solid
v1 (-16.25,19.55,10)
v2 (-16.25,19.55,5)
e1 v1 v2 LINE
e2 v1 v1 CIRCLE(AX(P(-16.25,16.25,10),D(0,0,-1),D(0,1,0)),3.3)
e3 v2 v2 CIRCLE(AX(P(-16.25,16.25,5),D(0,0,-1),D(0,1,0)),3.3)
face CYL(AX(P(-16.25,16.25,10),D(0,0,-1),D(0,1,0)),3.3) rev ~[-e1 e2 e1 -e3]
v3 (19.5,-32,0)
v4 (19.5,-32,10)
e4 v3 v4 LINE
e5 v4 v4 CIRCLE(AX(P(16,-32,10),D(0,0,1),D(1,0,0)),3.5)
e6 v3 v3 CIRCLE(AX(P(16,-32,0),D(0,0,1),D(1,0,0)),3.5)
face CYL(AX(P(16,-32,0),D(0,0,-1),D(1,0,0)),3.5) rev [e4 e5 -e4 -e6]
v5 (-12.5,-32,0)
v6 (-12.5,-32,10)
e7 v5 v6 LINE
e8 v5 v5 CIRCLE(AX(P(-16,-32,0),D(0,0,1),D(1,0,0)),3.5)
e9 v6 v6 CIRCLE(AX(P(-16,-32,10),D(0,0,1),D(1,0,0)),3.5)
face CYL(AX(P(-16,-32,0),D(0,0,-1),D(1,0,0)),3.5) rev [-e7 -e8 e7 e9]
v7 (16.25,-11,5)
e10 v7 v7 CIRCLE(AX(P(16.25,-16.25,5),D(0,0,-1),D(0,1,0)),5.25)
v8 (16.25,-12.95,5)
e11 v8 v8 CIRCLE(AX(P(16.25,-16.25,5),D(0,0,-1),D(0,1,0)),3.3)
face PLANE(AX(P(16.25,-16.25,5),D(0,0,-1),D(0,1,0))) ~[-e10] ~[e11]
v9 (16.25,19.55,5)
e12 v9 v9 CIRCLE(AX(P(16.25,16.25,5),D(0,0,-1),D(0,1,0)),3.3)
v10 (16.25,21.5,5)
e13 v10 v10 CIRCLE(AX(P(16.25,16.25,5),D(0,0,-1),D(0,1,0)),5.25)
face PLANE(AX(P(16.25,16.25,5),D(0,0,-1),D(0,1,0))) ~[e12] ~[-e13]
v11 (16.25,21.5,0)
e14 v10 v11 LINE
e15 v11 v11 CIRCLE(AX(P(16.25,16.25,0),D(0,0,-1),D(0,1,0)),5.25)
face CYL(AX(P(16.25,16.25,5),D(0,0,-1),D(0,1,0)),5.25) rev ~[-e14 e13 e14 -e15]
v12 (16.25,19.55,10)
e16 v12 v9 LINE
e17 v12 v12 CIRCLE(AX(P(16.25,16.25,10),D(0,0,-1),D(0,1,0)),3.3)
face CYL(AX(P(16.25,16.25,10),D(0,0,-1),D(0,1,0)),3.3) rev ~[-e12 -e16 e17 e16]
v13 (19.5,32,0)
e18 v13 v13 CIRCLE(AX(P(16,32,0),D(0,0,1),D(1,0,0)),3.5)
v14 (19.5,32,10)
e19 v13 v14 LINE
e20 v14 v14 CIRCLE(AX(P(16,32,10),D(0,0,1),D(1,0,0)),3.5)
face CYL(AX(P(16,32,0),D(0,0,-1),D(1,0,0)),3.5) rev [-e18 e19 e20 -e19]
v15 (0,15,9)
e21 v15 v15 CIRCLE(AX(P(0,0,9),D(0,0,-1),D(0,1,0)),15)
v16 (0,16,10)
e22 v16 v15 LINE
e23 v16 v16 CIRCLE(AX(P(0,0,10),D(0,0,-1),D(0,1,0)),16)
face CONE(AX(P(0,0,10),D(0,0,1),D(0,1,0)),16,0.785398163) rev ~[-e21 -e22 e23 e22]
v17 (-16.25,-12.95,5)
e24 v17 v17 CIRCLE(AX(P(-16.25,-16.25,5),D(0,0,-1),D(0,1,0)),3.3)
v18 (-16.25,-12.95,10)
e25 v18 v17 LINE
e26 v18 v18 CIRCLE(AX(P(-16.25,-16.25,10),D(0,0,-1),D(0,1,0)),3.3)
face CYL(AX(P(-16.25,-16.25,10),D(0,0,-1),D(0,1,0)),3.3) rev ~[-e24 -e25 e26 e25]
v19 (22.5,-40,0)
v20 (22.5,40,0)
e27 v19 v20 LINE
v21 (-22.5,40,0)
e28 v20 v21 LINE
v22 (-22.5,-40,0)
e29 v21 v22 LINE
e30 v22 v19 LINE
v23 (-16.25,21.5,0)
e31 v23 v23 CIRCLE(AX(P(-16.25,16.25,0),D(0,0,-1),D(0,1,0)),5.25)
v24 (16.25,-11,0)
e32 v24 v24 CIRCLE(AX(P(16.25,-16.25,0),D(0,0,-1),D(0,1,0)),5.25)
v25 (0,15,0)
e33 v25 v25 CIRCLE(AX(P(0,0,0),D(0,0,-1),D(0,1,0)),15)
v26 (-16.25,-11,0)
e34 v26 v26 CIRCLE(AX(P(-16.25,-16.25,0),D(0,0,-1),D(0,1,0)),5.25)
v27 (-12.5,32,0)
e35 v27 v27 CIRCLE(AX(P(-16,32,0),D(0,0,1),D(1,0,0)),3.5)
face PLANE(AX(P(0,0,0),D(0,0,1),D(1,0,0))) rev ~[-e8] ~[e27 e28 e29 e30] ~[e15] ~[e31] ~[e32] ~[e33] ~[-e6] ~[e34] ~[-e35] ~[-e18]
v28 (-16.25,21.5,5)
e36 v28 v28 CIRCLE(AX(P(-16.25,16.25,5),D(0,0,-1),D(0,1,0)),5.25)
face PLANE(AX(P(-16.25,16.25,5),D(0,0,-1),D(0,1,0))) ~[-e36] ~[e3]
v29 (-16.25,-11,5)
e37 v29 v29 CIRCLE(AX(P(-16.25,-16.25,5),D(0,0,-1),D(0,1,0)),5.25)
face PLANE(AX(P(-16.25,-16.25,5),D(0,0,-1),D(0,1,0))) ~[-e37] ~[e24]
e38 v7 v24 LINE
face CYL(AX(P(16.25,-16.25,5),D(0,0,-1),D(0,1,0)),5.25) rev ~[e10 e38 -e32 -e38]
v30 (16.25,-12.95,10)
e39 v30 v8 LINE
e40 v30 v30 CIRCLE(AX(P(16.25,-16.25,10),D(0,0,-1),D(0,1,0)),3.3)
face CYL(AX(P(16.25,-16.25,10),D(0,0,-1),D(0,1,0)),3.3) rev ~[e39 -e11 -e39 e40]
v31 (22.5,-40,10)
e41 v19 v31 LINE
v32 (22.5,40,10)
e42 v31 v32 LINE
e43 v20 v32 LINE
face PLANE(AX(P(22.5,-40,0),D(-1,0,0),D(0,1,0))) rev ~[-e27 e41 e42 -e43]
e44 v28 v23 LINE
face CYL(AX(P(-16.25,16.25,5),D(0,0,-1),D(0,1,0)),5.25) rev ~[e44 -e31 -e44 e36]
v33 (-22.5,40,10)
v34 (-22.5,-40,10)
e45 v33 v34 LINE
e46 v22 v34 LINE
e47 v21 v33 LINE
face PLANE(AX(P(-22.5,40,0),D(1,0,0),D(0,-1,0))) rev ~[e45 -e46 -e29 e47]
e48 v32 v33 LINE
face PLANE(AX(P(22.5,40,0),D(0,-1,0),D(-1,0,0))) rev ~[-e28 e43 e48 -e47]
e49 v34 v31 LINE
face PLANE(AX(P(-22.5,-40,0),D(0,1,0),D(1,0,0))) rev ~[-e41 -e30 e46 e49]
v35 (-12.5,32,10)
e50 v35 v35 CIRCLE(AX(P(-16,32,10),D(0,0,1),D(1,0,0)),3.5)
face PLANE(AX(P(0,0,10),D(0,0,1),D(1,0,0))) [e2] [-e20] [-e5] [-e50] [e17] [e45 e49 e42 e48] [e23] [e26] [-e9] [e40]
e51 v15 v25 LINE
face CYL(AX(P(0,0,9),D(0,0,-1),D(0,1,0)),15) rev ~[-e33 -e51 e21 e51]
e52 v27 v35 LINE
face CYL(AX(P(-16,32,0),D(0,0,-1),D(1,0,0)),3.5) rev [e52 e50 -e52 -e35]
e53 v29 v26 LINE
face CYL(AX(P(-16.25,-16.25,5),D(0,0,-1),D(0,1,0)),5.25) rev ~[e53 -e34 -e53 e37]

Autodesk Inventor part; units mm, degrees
sketch "Skizze_1" plane through (0, 0, 0) normal (0, 0, 1) x (1, 0, 0)
  line L0 (-22.5, 40) -> (-22.5, -40)
  line L1 (-22.5, -40) -> (22.5, -40)
  line L2 (22.5, -40) -> (22.5, 40)
  line L3 (22.5, 40) -> (-22.5, 40)
  circle A0 centre (16, 32) radius 3.5
  circle A1 centre (16, -32) radius 3.5
  circle A2 centre (-16, 32) radius 3.5
  circle A3 centre (-16, -32) radius 3.5
extrude "Extrusion1" add sketch "Skizze_1" along normal blind 10
sketch "Skizze_2_ALT_Drilling_1" plane through (0, 0, 0) normal (1, 0, 0) x (0, 1, 0)
  line L0 (0, 0) -> (0, 10)
  line L1 (0, 10) -> (16, 10)
  line L2 (16, 10) -> (15, 9)
  line L3 (15, 9) -> (15, 0)
  line L4 (15, 0) -> (0, 0)
  line L5 (0, 0) -> (0, 10)
revolve "Revolution1" cut sketch "Skizze_2_ALT_Drilling_1" angle 360 about axis through (0, 0, 0) along (0, 0, -1)
sketch "Skizze_3_ALT_Drilling_2" plane through (16.25, 0, 0) normal (1, 0, 0) x (0, 0, -1)
  line L0 (0, 16.25) -> (-10, 16.25)
  line L1 (-10, 16.25) -> (-10, 19.55)
  line L2 (-10, 19.55) -> (-5, 19.55)
  line L3 (-5, 19.55) -> (-5, 21.5)
  line L4 (-5, 21.5) -> (0, 21.5)
  line L5 (0, 21.5) -> (0, 16.25)
  line L6 (0, 16.25) -> (-10, 16.25)
revolve "Revolution2" cut sketch "Skizze_3_ALT_Drilling_2" angle 360 about axis through (16.25, 16.25, 0) along (0, 0, -1)
sketch "Muster_1_SKETCH_1" plane through (-16.25, 0, 0) normal (1, 0, 0) x (0, 0, -1)
  line L0 (0, 16.25) -> (-10, 16.25)
  line L1 (-10, 16.25) -> (-10, 19.55)
  line L2 (-10, 19.55) -> (-5, 19.55)
  line L3 (-5, 19.55) -> (-5, 21.5)
  line L4 (-5, 21.5) -> (0, 21.5)
  line L5 (0, 21.5) -> (0, 16.25)
  line L6 (0, 16.25) -> (-10, 16.25)
sketch "Muster_1_SKETCH_2" plane through (16.25, 0, 0) normal (1, 0, 0) x (0, 0, -1)
  line L0 (0, -16.25) -> (-10, -16.25)
  line L1 (-10, -16.25) -> (-10, -12.95)
  line L2 (-10, -12.95) -> (-5, -12.95)
  line L3 (-5, -12.95) -> (-5, -11)
  line L4 (-5, -11) -> (0, -11)
  line L5 (0, -11) -> (0, -16.25)
  line L6 (0, -16.25) -> (-10, -16.25)
sketch "Muster_1_SKETCH_3" plane through (-16.25, 0, 0) normal (1, 0, 0) x (0, 0, -1)
  line L0 (0, -16.25) -> (-10, -16.25)
  line L1 (-10, -16.25) -> (-10, -12.95)
  line L2 (-10, -12.95) -> (-5, -12.95)
  line L3 (-5, -12.95) -> (-5, -11)
  line L4 (-5, -11) -> (0, -11)
  line L5 (0, -11) -> (0, -16.25)
  line L6 (0, -16.25) -> (-10, -16.25)
revolve "Revolution3" cut sketch "Muster_1_SKETCH_1" angle 360 about axis through (-16.25, 16.25, 0) along (0, 0, -1)
revolve "Revolution4" cut sketch "Muster_1_SKETCH_2" angle 360 about axis through (16.25, -16.25, 0) along (0, 0, -1)
revolve "Revolution5" cut sketch "Muster_1_SKETCH_3" angle 360 about axis through (-16.25, -16.25, 0) along (0, 0, -1)
ref_plane "FDT_MOUNT_XY" through (0, 0, 10) normal (0, 0, 1) x (0, 1, 0)
ref_plane "FDT_MOUNT_YZ" through (0, 0, 10) normal (0, 1, 0) x (-1, 0, 0)
ref_plane "FDT_MOUNT_ZX" through (0, 0, 10) normal (-1, 0, 0) x (0, 0, 1)
ref_plane "FNC_1_XY" through (0, 0, 5) normal (0, 0, 1) x (1, 0, 0)
ref_plane "FNC_1_YZ" through (0, 0, 5) normal (1, 0, 0) x (0, 1, 0)
ref_plane "FNC_1_ZX" through (0, 0, 5) normal (0, 1, 0) x (0, 0, 1)
ref_plane "FNC_2_3_XY" through (0, 0, 10) normal (0, 0, 1) x (1, 0, 0)
ref_plane "FNC_2_3_YZ" through (0, 0, 10) normal (1, 0, 0) x (0, 1, 0)
ref_plane "FNC_2_3_ZX" through (0, 0, 10) normal (0, 1, 0) x (0, 0, 1)
ref_plane "FNC_Schraube_1_XY" through (-16.25, 16.25, 5) normal (0, 0, 1) x (1, 0, 0)
ref_plane "FNC_Schraube_1_YZ" through (-16.25, 16.25, 5) normal (1, 0, 0) x (0, 1, 0)
ref_plane "FNC_Schraube_1_ZX" through (-16.25, 16.25, 5) normal (0, 1, 0) x (0, 0, 1)
ref_plane "FNC_Schraube_2_XY" through (16.25, 16.25, 5) normal (0, 0, 1) x (1, 0, 0)
ref_plane "FNC_Schraube_2_YZ" through (16.25, 16.25, 5) normal (1, 0, 0) x (0, 1, 0)
ref_plane "FNC_Schraube_2_ZX" through (16.25, 16.25, 5) normal (0, 1, 0) x (0, 0, 1)
ref_plane "FNC_Schraube_3_XY" through (-16.25, -16.25, 5) normal (0, 0, 1) x (1, 0, 0)
ref_plane "FNC_Schraube_3_YZ" through (-16.25, -16.25, 5) normal (1, 0, 0) x (0, 1, 0)
ref_plane "FNC_Schraube_3_ZX" through (-16.25, -16.25, 5) normal (0, 1, 0) x (0, 0, 1)
ref_plane "FNC_Schraube_4_XY" through (16.25, -16.25, 5) normal (0, 0, 1) x (1, 0, 0)
ref_plane "FNC_Schraube_4_YZ" through (16.25, -16.25, 5) normal (1, 0, 0) x (0, 1, 0)
ref_plane "FNC_Schraube_4_ZX" through (16.25, -16.25, 5) normal (0, 1, 0) x (0, 0, 1)
ref_plane "P17_XY" through (16, 32, 10) normal (0, 0, 1) x (1, 0, 0)
ref_plane "P17_YZ" through (16, 32, 10) normal (1, 0, 0) x (0, 1, 0)
ref_plane "P17_ZX" through (16, 32, 10) normal (0, 1, 0) x (0, 0, 1)
ref_plane "P18_XY" through (16, -32, 10) normal (0, 0, 1) x (1, 0, 0)
ref_plane "P18_YZ" through (16, -32, 10) normal (1, 0, 0) x (0, 1, 0)
ref_plane "P18_ZX" through (16, -32, 10) normal (0, 1, 0) x (0, 0, 1)
ref_plane "P19_XY" through (-16, -32, 10) normal (0, 0, 1) x (1, 0, 0)
ref_plane "P19_YZ" through (-16, -32, 10) normal (1, 0, 0) x (0, 1, 0)
ref_plane "P19_ZX" through (-16, -32, 10) normal (0, 1, 0) x (0, 0, 1)
ref_plane "P20_XY" through (-16, 32, 10) normal (0, 0, 1) x (1, 0, 0)
ref_plane "P20_YZ" through (-16, 32, 10) normal (1, 0, 0) x (0, 1, 0)
ref_plane "P20_ZX" through (-16, 32, 10) normal (0, 1, 0) x (0, 0, 1)
properties part number "174376 FNC-32---(F)"
